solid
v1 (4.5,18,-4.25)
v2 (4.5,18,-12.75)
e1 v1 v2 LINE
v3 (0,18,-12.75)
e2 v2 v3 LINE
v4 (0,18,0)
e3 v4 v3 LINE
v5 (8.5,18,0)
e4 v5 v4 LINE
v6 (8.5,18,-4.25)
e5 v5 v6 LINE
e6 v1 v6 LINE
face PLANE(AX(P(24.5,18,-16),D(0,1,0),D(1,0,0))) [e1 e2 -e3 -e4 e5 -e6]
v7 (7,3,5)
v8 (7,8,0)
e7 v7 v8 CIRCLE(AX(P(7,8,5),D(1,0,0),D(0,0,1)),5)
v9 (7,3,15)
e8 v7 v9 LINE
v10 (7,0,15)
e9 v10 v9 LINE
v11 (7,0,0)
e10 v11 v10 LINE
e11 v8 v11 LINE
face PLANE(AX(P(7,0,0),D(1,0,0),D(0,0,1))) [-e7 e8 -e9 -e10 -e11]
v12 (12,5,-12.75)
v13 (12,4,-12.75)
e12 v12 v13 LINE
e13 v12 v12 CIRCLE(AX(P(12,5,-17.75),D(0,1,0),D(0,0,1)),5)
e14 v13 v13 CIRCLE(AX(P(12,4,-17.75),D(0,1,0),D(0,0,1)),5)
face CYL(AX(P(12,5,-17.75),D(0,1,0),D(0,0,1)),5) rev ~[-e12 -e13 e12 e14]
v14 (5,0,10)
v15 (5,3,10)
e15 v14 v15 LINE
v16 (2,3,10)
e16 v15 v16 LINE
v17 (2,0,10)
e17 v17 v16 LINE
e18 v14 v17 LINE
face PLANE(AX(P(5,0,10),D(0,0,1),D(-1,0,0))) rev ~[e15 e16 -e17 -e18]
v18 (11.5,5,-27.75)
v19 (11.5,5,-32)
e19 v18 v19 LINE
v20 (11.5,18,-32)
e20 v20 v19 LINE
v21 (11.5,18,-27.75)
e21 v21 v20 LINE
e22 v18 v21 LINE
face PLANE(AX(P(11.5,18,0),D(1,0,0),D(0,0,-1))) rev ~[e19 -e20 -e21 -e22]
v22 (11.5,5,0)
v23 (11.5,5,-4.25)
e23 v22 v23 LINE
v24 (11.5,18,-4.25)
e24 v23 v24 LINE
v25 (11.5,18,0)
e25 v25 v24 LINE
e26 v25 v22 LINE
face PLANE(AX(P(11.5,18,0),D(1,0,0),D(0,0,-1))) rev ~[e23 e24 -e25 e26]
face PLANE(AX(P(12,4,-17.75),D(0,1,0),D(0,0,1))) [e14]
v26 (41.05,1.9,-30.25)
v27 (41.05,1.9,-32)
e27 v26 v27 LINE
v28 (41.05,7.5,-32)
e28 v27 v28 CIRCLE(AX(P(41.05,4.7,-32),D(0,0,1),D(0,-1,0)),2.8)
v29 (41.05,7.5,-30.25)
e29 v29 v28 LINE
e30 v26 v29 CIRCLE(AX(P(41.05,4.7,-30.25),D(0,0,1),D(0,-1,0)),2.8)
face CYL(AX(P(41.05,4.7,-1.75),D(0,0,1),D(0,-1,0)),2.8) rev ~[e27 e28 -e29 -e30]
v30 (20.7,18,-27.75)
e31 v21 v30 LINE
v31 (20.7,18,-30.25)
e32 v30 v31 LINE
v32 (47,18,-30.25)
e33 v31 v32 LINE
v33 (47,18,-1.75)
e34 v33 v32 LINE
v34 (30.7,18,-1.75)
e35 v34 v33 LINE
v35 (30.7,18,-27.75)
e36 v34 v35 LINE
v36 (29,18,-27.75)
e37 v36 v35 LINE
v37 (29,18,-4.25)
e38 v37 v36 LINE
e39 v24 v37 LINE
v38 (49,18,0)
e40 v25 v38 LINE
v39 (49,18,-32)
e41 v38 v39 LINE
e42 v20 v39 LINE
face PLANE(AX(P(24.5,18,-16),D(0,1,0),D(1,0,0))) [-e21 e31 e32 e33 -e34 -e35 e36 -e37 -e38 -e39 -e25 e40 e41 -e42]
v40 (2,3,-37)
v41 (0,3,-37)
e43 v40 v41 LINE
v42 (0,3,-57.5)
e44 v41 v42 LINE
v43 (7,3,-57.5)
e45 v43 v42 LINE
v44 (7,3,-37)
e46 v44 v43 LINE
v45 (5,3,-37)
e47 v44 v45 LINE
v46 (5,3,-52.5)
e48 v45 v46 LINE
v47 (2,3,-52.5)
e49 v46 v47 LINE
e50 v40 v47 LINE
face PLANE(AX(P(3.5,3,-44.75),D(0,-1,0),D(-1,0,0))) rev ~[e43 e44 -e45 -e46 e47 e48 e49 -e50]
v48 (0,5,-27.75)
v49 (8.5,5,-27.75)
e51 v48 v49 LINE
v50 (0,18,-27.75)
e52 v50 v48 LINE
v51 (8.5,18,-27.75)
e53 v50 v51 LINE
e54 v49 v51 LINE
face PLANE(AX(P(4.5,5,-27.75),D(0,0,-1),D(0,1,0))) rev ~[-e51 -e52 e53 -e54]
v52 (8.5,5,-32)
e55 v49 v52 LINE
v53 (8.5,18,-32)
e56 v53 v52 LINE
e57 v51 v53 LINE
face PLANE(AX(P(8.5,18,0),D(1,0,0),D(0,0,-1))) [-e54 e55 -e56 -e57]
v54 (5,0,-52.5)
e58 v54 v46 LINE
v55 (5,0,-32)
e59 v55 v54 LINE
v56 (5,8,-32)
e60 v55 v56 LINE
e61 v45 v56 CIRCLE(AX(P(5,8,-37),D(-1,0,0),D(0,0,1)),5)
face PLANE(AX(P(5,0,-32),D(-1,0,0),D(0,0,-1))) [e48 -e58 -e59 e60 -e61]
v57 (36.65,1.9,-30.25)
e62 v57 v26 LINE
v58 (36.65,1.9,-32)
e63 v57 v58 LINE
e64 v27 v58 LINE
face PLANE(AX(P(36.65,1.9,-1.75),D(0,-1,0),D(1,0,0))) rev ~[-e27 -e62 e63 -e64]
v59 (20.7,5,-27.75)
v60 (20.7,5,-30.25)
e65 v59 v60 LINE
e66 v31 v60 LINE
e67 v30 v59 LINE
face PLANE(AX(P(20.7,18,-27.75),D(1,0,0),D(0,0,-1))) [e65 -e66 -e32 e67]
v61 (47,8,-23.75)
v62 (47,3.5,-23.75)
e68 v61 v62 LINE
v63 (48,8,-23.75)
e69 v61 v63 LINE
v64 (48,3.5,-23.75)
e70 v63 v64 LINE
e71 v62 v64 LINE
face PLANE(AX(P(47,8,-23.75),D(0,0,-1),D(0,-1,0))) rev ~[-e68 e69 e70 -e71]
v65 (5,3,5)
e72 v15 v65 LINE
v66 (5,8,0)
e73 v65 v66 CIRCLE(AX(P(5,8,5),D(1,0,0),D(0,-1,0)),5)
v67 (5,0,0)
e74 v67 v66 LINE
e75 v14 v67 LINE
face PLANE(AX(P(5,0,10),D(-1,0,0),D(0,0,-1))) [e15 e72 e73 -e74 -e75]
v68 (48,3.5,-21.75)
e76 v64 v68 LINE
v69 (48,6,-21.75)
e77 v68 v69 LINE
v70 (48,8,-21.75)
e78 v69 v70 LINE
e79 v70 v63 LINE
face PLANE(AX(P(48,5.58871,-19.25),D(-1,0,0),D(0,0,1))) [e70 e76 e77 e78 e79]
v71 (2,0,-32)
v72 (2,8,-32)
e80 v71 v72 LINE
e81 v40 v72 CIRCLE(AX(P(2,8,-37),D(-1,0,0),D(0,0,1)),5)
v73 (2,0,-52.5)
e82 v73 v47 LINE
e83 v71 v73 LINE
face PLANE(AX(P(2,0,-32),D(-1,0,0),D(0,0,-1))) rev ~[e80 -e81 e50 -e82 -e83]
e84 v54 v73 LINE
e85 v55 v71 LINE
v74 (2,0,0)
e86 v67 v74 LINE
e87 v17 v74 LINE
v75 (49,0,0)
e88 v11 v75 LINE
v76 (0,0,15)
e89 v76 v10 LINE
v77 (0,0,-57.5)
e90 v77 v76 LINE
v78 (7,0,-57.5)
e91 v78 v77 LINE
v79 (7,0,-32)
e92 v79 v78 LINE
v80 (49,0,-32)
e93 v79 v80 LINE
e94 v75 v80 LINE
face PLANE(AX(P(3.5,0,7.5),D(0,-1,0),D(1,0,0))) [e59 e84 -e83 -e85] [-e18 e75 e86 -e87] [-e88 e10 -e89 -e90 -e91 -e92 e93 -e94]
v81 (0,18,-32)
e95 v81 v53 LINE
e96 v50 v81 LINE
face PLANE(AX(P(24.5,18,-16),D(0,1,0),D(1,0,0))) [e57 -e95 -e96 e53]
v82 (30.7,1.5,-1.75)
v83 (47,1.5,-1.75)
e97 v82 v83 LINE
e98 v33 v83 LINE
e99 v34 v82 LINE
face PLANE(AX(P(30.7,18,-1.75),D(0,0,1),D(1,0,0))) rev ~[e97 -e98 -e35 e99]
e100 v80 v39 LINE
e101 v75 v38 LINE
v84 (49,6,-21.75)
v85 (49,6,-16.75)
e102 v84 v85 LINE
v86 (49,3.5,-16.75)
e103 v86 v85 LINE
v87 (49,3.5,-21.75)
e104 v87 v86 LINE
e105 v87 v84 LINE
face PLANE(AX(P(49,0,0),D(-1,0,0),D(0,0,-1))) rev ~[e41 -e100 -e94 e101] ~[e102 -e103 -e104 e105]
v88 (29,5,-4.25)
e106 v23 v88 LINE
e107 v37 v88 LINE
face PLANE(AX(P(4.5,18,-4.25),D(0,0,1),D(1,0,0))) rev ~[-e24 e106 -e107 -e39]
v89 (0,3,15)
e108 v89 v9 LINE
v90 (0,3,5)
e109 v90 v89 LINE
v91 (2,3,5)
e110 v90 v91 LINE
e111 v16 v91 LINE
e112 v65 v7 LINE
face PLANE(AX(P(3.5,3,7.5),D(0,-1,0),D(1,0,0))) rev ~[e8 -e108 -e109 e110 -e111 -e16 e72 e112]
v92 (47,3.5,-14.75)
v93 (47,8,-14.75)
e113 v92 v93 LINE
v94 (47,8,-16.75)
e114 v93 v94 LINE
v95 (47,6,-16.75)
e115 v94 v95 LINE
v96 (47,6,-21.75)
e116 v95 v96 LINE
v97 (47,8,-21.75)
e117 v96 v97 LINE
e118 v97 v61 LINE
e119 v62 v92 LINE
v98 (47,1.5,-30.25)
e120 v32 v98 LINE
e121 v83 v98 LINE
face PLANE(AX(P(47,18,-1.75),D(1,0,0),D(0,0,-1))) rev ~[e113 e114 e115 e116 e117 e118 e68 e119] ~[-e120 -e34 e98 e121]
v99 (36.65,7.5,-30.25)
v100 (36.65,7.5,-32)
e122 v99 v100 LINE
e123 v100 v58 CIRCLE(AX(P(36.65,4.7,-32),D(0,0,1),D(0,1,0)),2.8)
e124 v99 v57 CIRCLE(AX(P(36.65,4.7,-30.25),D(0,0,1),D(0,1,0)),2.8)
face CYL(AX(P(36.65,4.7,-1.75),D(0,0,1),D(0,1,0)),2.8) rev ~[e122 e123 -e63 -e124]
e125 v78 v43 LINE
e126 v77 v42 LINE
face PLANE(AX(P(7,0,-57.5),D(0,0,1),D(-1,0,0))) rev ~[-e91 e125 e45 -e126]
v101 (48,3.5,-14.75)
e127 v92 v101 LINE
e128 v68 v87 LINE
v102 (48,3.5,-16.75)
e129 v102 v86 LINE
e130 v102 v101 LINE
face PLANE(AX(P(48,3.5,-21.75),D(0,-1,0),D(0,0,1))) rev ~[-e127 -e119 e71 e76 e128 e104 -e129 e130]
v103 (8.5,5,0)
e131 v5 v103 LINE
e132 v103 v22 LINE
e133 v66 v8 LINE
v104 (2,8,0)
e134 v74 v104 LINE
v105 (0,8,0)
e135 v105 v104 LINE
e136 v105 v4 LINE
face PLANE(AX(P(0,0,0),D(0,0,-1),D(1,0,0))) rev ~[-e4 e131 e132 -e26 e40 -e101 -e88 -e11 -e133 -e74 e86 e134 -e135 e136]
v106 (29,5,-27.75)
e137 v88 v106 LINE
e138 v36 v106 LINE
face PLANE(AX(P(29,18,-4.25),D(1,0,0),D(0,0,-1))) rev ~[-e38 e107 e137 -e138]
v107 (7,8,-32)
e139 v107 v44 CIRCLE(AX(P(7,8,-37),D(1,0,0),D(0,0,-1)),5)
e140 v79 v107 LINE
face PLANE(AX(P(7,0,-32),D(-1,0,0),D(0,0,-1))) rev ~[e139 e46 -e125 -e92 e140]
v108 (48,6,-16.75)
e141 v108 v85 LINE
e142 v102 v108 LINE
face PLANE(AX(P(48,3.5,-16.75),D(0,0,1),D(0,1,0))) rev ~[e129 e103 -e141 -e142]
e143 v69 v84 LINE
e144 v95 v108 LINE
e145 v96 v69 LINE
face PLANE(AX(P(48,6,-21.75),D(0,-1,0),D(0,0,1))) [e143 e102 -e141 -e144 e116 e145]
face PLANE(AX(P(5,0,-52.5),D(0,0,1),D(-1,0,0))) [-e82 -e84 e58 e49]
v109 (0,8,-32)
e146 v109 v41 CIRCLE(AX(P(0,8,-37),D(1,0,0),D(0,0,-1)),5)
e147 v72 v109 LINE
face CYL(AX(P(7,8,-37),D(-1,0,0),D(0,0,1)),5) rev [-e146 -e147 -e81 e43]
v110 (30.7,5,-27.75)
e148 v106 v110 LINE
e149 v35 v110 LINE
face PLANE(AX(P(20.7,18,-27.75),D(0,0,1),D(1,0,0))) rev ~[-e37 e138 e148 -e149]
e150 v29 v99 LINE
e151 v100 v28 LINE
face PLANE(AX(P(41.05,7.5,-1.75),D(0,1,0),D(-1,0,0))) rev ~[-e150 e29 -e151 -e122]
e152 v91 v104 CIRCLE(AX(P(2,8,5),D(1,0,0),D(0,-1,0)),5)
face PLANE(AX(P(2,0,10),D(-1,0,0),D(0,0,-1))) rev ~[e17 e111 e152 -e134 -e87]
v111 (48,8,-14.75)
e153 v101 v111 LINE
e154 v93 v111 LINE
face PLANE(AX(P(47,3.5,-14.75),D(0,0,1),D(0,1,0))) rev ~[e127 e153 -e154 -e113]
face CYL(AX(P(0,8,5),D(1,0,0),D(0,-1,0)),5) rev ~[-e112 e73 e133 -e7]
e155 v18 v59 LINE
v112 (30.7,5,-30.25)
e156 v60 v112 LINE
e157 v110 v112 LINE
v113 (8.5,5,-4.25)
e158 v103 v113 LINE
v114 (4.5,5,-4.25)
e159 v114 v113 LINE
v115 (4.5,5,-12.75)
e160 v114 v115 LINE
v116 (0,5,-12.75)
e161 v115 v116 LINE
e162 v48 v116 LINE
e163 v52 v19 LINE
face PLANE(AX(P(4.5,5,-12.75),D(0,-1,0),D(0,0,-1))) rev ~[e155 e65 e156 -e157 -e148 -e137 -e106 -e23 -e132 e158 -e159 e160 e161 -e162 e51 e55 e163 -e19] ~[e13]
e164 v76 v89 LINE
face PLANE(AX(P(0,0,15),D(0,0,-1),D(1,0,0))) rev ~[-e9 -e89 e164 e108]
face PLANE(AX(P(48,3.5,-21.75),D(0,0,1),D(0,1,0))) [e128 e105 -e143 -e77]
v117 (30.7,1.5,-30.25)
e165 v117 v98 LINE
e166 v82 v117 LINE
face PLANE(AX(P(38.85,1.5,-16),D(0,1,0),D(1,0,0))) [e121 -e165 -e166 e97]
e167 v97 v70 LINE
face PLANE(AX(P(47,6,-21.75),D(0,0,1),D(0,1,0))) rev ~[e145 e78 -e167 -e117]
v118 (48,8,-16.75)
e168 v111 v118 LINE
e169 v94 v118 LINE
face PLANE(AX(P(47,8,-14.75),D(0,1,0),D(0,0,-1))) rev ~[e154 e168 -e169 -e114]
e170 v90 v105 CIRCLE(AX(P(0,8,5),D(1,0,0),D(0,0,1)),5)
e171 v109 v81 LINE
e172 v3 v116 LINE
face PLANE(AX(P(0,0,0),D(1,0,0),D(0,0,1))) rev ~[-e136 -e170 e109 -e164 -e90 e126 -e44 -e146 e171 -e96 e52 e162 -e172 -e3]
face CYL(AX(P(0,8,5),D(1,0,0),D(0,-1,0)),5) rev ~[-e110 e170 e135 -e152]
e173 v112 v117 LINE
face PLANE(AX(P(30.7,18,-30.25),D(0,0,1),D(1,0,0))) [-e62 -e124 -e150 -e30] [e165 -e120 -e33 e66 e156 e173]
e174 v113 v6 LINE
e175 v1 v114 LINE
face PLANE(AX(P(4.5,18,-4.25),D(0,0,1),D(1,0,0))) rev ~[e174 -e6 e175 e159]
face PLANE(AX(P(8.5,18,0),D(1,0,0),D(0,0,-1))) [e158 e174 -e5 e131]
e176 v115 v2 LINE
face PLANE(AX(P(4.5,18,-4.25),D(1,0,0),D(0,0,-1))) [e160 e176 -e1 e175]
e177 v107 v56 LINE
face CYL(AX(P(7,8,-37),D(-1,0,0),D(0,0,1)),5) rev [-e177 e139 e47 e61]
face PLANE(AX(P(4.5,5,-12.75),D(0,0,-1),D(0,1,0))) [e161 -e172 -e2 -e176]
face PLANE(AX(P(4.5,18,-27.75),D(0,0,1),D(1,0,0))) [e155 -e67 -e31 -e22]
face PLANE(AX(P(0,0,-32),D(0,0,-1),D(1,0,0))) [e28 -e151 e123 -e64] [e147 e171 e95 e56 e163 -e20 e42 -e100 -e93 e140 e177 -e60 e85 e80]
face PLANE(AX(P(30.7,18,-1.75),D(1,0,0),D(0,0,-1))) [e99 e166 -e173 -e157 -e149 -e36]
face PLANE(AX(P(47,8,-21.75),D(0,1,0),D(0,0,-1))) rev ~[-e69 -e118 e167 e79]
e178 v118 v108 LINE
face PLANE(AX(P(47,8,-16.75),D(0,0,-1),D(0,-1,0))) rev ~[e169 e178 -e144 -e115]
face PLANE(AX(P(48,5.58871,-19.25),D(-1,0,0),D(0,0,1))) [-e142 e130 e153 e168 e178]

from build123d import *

# Parameters (mm, degrees)
SKETCH_1_W           = 49
SKETCH_1_H           = 32
EXTRUDE_2_DEPTH      = 18
SKETCH_6_W           = 24.5
SKETCH_6_H           = 23.5
CUT_EXTRUDE_1_DEPTH  = 13
SKETCH_7_W           = 16.3
SKETCH_7_H           = 28.5
CUT_EXTRUDE_2_DEPTH  = 16.5
SKETCH_8_W           = 3
SKETCH_8_H           = 32
CUT_EXTRUDE_3_DEPTH  = 13
SKETCH_12_W          = 15
SKETCH_12_H          = 13
CUT_EXTRUDE_5_DEPTH  = 58.690987164
SKETCH_13_W          = 10
SKETCH_13_H          = 2.5
CUT_EXTRUDE_6_DEPTH  = 13
CUT_EXTRUDE_7_DEPTH  = 61.332930477
SKETCH_15_W          = 7
SKETCH_15_H          = 25.5
EXTRUDE_3_DEPTH      = 3
SKETCH_16_W          = 7
SKETCH_16_H          = 15
EXTRUDE_4_DEPTH      = 3
FILLET_1_R           = 5
SKETCH_17_W          = 3
SKETCH_17_H          = 10
SKETCH_17_H_2        = 20.5
CUT_EXTRUDE_8_DEPTH  = 78.661122835
SKETCH_19_R          = 5
CUT_EXTRUDE_9_DEPTH  = 1
CUT_EXTRUDE_10_DEPTH = 1
SKETCH_25_W          = 5
SKETCH_25_H          = 2.5
CUT_EXTRUDE_13_DEPTH = 78.034083366


with BuildPart() as part:
    # 草图1 → 凸台-拉伸2 (new body)
    with BuildSketch(Plane(origin=(0, 0, 0), x_dir=(1, 0, 0), z_dir=(0, 1, 0))):
        with Locations((24.5, 16)):
            Rectangle(SKETCH_1_W, SKETCH_1_H)
    extrude(amount=EXTRUDE_2_DEPTH)

    # 草图6 → 切除-拉伸1 (cut)
    with BuildSketch(Plane(origin=(0, 18, 0), x_dir=(1, 0, 0), z_dir=(0, 1, 0))):
        with Locations((16.75, 16)):
            Rectangle(SKETCH_6_W, SKETCH_6_H)
    extrude(amount=-CUT_EXTRUDE_1_DEPTH, mode=Mode.SUBTRACT)

    # 草图7 → 切除-拉伸2 (cut)
    with BuildSketch(Plane(origin=(0, 18, 0), x_dir=(1, 0, 0), z_dir=(0, 1, 0))):
        with Locations((38.85, 16)):
            Rectangle(SKETCH_7_W, SKETCH_7_H)
    extrude(amount=-CUT_EXTRUDE_2_DEPTH, mode=Mode.SUBTRACT)

    # 草图8 → 切除-拉伸3 (cut)
    with BuildSketch(Plane(origin=(0, 18, 0), x_dir=(1, 0, 0), z_dir=(0, 1, 0))):
        with Locations((10, 16)):
            Rectangle(SKETCH_8_W, SKETCH_8_H)
    extrude(amount=-CUT_EXTRUDE_3_DEPTH, mode=Mode.SUBTRACT)

    # 草图12 → 切除-拉伸5 (cut, through all)
    with BuildSketch(Plane(origin=(4.5, 0, 0), x_dir=(0, 0, -1), z_dir=(1, 0, 0))):
        with Locations((20.25, 11.5)):
            Rectangle(SKETCH_12_W, SKETCH_12_H)
    extrude(amount=-CUT_EXTRUDE_5_DEPTH, mode=Mode.SUBTRACT)

    # 草图13 → 切除-拉伸6 (cut)
    with BuildSketch(Plane(origin=(0, 18, 0), x_dir=(1, 0, 0), z_dir=(0, 1, 0))):
        with Locations((25.7, 29)):
            Rectangle(SKETCH_13_W, SKETCH_13_H)
    extrude(amount=-CUT_EXTRUDE_6_DEPTH, mode=Mode.SUBTRACT)

    # 草图14 → 切除-拉伸7 (cut, through all)
    with BuildSketch(Plane(origin=(0, 0, -1.75), x_dir=(-1, 0, 0), z_dir=(0, 0, -1))):
        with BuildLine():
            Line((-41.05, 7.5), (-36.65, 7.5))
            ThreePointArc((-36.65, 7.5), (-33.85, 4.7), (-36.65, 1.9))
            Line((-36.65, 1.9), (-41.05, 1.9))
            ThreePointArc((-41.05, 1.9), (-43.85, 4.7), (-41.05, 7.5))
        make_face()
    extrude(amount=CUT_EXTRUDE_7_DEPTH, mode=Mode.SUBTRACT)

    # 草图15 → 凸台-拉伸3 (add)
    with BuildSketch(Plane(origin=(0, 0, 0), x_dir=(-1, 0, 0), z_dir=(0, -1, 0))):
        with Locations((-3.5, 44.75)):
            Rectangle(SKETCH_15_W, SKETCH_15_H)
    extrude(amount=-EXTRUDE_3_DEPTH)

    # 草图16 → 凸台-拉伸4 (add)
    with BuildSketch(Plane.XZ):
        with Locations((3.5, 7.5)):
            Rectangle(SKETCH_16_W, SKETCH_16_H)
    extrude(amount=-EXTRUDE_4_DEPTH)

    # 圆角1
    fillet_1_edges = [part.edges().sort_by_distance(p)[0] for p in [
        (3.5, 3, -32),
        (3.5, 3, 0),
    ]]
    fillet(fillet_1_edges, radius=FILLET_1_R)

    # 草图17 → 切除-拉伸8 (cut, through all)
    with BuildSketch(Plane(origin=(0, 0, 0), x_dir=(-1, 0, 0), z_dir=(0, -1, 0))):
        with Locations((-3.5, -5)):
            Rectangle(SKETCH_17_W, SKETCH_17_H)
        with Locations((-3.5, 42.25)):
            Rectangle(SKETCH_17_W, SKETCH_17_H_2)
    extrude(amount=-CUT_EXTRUDE_8_DEPTH, mode=Mode.SUBTRACT)

    # 草图19 → 切除-拉伸9 (cut)
    with BuildSketch(Plane(origin=(0, 5, 0), x_dir=(1, 0, 0), z_dir=(0, 1, 0))):
        with Locations(Location((12, 17.75, 0), (0, 0, 270))):
            Circle(SKETCH_19_R)
    extrude(amount=-CUT_EXTRUDE_9_DEPTH, mode=Mode.SUBTRACT)

    # 草图20 → 切除-拉伸10 (cut)
    with BuildSketch(Plane.ZY.offset(-47)):
        Polygon((-23.75, 3.5), (-14.75, 3.5), (-14.75, 6), (-14.75, 8), (-16.75, 8), (-16.75, 6), (-21.75, 6), (-21.75, 8), (-23.75, 8), (-23.75, 6), align=None)
    extrude(amount=-CUT_EXTRUDE_10_DEPTH, mode=Mode.SUBTRACT)

    # 草图25 → 切除-拉伸13 (cut, through all)
    with BuildSketch(Plane.ZY.offset(-48)):
        with Locations((-19.25, 4.75)):
            Rectangle(SKETCH_25_W, SKETCH_25_H)
    extrude(amount=-CUT_EXTRUDE_13_DEPTH, mode=Mode.SUBTRACT)


solid = part.part
